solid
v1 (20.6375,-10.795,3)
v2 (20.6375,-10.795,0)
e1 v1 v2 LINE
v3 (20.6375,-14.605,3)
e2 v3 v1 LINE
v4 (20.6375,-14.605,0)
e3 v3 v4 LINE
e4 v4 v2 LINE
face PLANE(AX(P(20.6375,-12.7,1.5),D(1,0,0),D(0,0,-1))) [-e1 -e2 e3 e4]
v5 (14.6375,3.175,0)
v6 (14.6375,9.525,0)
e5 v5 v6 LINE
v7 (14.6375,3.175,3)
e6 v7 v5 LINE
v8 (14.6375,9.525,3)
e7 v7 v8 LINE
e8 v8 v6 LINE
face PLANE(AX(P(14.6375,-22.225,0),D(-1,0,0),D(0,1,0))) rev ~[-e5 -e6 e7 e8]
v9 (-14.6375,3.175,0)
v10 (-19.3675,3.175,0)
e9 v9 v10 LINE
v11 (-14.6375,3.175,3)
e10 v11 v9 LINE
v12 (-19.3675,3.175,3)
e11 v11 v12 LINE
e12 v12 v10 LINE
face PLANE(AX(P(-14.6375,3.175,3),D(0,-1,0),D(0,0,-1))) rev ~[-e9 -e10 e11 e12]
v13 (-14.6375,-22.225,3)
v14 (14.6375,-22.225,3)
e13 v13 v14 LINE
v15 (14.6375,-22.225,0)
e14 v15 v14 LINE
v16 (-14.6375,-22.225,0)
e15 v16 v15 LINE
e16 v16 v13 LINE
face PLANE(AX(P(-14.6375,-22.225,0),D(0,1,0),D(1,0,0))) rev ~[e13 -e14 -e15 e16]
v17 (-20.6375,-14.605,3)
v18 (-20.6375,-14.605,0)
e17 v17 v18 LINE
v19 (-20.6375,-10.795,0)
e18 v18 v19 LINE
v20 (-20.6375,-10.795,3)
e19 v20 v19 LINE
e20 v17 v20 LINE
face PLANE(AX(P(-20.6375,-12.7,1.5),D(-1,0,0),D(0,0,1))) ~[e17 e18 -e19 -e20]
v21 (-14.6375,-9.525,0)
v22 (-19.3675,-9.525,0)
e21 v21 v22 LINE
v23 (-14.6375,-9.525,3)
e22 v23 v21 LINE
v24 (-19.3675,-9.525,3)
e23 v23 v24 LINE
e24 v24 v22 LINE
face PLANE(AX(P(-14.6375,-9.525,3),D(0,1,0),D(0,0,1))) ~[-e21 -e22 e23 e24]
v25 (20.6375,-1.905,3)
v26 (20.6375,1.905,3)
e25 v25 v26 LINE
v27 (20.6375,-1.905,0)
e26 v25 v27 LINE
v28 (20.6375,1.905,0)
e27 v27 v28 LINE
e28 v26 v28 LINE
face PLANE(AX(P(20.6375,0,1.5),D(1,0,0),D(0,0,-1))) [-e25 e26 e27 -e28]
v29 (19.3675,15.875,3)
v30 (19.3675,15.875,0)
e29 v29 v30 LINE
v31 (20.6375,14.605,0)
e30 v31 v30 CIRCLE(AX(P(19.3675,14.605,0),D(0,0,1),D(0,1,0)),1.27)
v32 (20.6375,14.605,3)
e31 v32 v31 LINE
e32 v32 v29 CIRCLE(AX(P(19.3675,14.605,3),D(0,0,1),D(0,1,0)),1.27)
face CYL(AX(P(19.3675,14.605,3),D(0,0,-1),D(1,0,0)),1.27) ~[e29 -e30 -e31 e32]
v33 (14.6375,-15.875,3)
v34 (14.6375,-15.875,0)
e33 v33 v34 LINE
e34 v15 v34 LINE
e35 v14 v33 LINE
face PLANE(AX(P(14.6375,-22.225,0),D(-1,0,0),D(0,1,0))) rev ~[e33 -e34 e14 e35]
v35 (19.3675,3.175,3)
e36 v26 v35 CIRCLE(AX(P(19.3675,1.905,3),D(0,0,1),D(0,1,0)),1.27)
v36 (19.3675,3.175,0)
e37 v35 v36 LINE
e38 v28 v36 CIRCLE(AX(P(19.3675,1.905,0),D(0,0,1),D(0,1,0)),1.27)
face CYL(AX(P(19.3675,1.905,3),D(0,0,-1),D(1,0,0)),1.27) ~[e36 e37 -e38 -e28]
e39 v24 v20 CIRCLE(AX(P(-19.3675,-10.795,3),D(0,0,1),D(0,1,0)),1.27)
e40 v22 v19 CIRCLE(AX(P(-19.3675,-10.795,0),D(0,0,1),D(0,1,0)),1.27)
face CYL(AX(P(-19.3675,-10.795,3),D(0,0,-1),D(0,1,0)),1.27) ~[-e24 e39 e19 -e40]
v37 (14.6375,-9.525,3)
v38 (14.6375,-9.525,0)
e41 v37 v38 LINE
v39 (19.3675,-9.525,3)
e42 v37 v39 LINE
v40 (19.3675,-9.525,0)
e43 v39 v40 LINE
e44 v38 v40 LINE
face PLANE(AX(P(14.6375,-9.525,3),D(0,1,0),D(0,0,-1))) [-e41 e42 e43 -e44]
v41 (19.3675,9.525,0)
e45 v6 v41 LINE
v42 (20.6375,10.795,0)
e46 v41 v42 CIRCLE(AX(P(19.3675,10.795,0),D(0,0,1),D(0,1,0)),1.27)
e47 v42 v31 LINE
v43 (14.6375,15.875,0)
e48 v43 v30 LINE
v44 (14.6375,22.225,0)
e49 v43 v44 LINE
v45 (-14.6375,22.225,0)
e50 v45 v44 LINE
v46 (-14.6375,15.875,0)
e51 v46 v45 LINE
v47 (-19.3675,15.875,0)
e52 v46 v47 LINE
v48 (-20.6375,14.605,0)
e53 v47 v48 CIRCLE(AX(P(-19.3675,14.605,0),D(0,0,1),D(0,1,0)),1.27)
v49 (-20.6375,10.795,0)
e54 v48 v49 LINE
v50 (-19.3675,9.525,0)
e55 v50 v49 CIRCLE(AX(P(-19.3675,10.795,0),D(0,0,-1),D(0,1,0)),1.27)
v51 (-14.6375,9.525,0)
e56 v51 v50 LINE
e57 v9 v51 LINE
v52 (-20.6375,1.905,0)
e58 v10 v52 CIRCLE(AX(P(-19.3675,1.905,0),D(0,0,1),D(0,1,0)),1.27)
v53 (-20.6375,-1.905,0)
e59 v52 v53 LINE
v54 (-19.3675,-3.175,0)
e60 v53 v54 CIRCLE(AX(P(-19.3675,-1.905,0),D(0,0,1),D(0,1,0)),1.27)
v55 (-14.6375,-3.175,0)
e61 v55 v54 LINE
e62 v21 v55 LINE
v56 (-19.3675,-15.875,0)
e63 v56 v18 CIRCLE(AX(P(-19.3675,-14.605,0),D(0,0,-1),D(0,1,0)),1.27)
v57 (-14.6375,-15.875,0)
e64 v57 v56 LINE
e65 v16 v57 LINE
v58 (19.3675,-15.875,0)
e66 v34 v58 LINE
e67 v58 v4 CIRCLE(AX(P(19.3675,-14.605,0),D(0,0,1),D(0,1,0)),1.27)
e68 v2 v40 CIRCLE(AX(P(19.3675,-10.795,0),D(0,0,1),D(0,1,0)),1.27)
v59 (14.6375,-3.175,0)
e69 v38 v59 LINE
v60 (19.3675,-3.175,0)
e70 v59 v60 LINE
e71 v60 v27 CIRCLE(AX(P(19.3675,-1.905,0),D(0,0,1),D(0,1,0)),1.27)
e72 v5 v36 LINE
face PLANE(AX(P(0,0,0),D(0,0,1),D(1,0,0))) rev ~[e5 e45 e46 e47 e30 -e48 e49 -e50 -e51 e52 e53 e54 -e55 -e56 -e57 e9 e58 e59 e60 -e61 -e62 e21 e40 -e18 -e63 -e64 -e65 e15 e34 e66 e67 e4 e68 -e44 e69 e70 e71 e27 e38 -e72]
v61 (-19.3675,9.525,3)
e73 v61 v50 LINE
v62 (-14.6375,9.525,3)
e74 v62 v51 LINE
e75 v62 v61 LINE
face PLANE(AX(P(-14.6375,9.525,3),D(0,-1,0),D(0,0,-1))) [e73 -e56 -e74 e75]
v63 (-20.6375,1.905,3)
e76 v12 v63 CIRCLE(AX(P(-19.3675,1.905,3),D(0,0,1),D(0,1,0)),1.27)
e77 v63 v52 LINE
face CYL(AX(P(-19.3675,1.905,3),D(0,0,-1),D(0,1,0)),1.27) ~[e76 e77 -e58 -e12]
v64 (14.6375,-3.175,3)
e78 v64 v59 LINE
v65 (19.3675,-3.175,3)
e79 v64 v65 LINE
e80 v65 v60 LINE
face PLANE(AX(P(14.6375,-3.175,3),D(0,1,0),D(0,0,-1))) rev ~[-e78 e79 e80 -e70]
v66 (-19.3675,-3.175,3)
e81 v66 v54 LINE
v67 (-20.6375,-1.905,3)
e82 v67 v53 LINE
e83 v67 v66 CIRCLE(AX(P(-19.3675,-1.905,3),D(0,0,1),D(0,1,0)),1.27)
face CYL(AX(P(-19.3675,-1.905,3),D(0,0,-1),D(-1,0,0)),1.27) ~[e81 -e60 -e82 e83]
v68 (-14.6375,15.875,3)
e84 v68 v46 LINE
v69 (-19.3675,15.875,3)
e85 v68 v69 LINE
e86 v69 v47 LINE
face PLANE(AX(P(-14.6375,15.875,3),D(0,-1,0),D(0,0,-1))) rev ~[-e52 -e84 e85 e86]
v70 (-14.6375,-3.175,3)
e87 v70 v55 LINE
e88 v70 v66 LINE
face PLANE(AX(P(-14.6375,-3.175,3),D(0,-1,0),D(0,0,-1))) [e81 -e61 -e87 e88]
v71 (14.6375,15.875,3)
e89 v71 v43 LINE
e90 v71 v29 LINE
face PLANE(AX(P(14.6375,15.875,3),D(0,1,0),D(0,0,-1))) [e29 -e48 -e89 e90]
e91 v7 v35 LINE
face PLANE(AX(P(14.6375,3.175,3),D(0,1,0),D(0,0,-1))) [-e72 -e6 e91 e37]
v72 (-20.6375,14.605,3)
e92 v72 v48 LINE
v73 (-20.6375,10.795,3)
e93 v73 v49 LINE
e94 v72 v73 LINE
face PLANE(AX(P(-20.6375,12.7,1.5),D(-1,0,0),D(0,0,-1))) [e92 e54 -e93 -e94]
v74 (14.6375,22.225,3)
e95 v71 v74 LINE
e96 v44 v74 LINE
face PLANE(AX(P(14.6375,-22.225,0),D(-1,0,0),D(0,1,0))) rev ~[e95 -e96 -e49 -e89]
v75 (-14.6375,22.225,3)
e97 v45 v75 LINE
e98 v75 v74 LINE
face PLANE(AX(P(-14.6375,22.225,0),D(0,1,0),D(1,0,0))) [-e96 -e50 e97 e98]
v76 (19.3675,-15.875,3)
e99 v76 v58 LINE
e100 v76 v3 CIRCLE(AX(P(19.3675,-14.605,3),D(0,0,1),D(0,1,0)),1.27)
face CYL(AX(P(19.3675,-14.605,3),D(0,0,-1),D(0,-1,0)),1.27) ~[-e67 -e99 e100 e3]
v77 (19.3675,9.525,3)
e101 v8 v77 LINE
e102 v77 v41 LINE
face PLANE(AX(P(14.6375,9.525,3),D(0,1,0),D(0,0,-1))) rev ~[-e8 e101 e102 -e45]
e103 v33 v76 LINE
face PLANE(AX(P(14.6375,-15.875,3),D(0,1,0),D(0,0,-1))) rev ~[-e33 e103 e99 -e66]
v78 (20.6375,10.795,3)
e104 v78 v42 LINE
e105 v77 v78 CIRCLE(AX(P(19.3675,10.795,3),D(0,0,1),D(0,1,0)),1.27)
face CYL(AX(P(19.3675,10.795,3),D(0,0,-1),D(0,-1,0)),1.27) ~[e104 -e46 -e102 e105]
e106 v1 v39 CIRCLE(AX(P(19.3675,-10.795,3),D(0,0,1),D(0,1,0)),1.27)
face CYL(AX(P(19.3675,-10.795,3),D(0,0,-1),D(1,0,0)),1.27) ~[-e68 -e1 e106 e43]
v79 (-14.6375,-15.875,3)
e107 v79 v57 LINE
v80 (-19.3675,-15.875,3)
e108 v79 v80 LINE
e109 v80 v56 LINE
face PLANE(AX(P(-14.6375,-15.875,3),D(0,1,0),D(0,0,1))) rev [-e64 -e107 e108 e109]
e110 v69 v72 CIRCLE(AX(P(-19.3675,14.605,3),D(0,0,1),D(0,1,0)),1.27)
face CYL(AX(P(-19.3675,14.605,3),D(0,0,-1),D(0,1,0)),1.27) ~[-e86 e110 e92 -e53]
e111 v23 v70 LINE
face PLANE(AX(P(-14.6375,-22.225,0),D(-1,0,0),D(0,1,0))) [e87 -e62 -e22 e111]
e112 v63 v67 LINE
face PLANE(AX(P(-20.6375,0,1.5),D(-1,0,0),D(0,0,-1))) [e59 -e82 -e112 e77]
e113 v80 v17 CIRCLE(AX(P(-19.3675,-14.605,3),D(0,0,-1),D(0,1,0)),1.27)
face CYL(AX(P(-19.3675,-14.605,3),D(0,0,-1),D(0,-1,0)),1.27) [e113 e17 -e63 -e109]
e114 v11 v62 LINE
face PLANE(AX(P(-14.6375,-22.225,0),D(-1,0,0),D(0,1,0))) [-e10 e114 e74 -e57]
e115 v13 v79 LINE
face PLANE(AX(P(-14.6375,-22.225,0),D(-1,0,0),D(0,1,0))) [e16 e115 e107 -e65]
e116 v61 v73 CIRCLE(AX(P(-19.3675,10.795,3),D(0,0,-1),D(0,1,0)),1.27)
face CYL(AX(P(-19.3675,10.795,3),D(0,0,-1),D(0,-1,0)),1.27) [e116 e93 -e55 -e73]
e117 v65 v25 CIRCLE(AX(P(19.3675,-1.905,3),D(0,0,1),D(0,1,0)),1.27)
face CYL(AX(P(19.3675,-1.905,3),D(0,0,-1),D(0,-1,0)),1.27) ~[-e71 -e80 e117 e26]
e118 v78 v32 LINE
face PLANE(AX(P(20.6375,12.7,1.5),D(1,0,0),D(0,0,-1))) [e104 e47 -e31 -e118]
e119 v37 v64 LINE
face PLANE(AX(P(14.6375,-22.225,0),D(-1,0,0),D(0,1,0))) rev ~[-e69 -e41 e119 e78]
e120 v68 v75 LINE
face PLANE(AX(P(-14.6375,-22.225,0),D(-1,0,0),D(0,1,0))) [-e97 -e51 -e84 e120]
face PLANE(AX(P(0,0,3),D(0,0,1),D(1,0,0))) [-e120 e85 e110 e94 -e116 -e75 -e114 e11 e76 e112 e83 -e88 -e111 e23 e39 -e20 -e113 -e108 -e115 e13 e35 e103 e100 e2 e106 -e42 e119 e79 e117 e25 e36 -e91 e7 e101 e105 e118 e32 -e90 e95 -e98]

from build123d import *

# Parameters (mm, degrees)
SKETCH1_W               = 29.275000124
SKETCH1_H               = 44.45
BOSS_EXTRUDE1_DEPTH     = 3
SKETCH2_W               = 3
SKETCH2_H               = 6.35
BOSS_EXTRUDE2_DEPTH     = 6
LPATTERN1_COUNT         = 3
LPATTERN1_PITCH         = 12.7
MIRROR1_COPY_1_SKETCH_W = 3
MIRROR1_COPY_1_SKETCH_H = 6.35
MIRROR1_COPY_1_DEPTH    = 6
MIRROR1_COPY_2_SKETCH_W = 3
MIRROR1_COPY_2_SKETCH_H = 6.35
MIRROR1_COPY_2_DEPTH    = 6
FILLET1_R               = 1.27


with BuildPart() as part:
    # Sketch1 → Boss-Extrude1 (new body)
    with BuildSketch(Plane.XY):
        Rectangle(SKETCH1_W, SKETCH1_H)
    extrude(amount=BOSS_EXTRUDE1_DEPTH)

    # Sketch2 → Boss-Extrude2 (add)
    with BuildSketch(Plane(origin=(14.637500062, 0, 0), x_dir=(0, 0, -1), z_dir=(1, 0, 0))):
        with Locations((-1.5, -12.7)):
            Rectangle(SKETCH2_W, SKETCH2_H)
    boss_extrude2 = extrude(amount=BOSS_EXTRUDE2_DEPTH)

    # LPattern1: Boss-Extrude2 ×3
    with Locations(*[(0, i * LPATTERN1_PITCH, 0) for i in range(1, LPATTERN1_COUNT)]):
        add(boss_extrude2)

    # Mirror1: Boss-Extrude2 across plane
    add(boss_extrude2.mirror(Plane(origin=(0, 0, 0), x_dir=(0, 0, 1), z_dir=(1, 0, 0))))

    # Mirror1 copy 1 sketch → Mirror1 copy 1 (add)
    with BuildSketch(Plane(origin=(-14.637500062, 12.7, 0), x_dir=(0, 0, -1), z_dir=(-1, 0, 0))):
        with Locations((-1.5, 12.7)):
            Rectangle(MIRROR1_COPY_1_SKETCH_W, MIRROR1_COPY_1_SKETCH_H)
    extrude(amount=MIRROR1_COPY_1_DEPTH)

    # Mirror1 copy 2 sketch → Mirror1 copy 2 (add)
    with BuildSketch(Plane(origin=(-14.637500062, 25.4, 0), x_dir=(0, 0, -1), z_dir=(-1, 0, 0))):
        with Locations((-1.5, 12.7)):
            Rectangle(MIRROR1_COPY_2_SKETCH_W, MIRROR1_COPY_2_SKETCH_H)
    extrude(amount=MIRROR1_COPY_2_DEPTH)

    # Fillet1
    fillet1_edges = [part.edges().sort_by_distance(p)[0] for p in [
        (20.637500062, -15.875, 1.5),
        (20.637500062, -9.525, 1.5),
        (20.637500062, -3.175, 1.5),
        (20.637500062, 3.175, 1.5),
        (20.637500062, 9.525, 1.5),
        (20.637500062, 15.875, 1.5),
        (-20.637500062, -9.525, 1.5),
        (-20.637500062, -15.875, 1.5),
        (-20.637500062, 3.175, 1.5),
        (-20.637500062, -3.175, 1.5),
        (-20.637500062, 15.875, 1.5),
        (-20.637500062, 9.525, 1.5),
    ]]
    fillet(fillet1_edges, radius=FILLET1_R)


solid = part.part
